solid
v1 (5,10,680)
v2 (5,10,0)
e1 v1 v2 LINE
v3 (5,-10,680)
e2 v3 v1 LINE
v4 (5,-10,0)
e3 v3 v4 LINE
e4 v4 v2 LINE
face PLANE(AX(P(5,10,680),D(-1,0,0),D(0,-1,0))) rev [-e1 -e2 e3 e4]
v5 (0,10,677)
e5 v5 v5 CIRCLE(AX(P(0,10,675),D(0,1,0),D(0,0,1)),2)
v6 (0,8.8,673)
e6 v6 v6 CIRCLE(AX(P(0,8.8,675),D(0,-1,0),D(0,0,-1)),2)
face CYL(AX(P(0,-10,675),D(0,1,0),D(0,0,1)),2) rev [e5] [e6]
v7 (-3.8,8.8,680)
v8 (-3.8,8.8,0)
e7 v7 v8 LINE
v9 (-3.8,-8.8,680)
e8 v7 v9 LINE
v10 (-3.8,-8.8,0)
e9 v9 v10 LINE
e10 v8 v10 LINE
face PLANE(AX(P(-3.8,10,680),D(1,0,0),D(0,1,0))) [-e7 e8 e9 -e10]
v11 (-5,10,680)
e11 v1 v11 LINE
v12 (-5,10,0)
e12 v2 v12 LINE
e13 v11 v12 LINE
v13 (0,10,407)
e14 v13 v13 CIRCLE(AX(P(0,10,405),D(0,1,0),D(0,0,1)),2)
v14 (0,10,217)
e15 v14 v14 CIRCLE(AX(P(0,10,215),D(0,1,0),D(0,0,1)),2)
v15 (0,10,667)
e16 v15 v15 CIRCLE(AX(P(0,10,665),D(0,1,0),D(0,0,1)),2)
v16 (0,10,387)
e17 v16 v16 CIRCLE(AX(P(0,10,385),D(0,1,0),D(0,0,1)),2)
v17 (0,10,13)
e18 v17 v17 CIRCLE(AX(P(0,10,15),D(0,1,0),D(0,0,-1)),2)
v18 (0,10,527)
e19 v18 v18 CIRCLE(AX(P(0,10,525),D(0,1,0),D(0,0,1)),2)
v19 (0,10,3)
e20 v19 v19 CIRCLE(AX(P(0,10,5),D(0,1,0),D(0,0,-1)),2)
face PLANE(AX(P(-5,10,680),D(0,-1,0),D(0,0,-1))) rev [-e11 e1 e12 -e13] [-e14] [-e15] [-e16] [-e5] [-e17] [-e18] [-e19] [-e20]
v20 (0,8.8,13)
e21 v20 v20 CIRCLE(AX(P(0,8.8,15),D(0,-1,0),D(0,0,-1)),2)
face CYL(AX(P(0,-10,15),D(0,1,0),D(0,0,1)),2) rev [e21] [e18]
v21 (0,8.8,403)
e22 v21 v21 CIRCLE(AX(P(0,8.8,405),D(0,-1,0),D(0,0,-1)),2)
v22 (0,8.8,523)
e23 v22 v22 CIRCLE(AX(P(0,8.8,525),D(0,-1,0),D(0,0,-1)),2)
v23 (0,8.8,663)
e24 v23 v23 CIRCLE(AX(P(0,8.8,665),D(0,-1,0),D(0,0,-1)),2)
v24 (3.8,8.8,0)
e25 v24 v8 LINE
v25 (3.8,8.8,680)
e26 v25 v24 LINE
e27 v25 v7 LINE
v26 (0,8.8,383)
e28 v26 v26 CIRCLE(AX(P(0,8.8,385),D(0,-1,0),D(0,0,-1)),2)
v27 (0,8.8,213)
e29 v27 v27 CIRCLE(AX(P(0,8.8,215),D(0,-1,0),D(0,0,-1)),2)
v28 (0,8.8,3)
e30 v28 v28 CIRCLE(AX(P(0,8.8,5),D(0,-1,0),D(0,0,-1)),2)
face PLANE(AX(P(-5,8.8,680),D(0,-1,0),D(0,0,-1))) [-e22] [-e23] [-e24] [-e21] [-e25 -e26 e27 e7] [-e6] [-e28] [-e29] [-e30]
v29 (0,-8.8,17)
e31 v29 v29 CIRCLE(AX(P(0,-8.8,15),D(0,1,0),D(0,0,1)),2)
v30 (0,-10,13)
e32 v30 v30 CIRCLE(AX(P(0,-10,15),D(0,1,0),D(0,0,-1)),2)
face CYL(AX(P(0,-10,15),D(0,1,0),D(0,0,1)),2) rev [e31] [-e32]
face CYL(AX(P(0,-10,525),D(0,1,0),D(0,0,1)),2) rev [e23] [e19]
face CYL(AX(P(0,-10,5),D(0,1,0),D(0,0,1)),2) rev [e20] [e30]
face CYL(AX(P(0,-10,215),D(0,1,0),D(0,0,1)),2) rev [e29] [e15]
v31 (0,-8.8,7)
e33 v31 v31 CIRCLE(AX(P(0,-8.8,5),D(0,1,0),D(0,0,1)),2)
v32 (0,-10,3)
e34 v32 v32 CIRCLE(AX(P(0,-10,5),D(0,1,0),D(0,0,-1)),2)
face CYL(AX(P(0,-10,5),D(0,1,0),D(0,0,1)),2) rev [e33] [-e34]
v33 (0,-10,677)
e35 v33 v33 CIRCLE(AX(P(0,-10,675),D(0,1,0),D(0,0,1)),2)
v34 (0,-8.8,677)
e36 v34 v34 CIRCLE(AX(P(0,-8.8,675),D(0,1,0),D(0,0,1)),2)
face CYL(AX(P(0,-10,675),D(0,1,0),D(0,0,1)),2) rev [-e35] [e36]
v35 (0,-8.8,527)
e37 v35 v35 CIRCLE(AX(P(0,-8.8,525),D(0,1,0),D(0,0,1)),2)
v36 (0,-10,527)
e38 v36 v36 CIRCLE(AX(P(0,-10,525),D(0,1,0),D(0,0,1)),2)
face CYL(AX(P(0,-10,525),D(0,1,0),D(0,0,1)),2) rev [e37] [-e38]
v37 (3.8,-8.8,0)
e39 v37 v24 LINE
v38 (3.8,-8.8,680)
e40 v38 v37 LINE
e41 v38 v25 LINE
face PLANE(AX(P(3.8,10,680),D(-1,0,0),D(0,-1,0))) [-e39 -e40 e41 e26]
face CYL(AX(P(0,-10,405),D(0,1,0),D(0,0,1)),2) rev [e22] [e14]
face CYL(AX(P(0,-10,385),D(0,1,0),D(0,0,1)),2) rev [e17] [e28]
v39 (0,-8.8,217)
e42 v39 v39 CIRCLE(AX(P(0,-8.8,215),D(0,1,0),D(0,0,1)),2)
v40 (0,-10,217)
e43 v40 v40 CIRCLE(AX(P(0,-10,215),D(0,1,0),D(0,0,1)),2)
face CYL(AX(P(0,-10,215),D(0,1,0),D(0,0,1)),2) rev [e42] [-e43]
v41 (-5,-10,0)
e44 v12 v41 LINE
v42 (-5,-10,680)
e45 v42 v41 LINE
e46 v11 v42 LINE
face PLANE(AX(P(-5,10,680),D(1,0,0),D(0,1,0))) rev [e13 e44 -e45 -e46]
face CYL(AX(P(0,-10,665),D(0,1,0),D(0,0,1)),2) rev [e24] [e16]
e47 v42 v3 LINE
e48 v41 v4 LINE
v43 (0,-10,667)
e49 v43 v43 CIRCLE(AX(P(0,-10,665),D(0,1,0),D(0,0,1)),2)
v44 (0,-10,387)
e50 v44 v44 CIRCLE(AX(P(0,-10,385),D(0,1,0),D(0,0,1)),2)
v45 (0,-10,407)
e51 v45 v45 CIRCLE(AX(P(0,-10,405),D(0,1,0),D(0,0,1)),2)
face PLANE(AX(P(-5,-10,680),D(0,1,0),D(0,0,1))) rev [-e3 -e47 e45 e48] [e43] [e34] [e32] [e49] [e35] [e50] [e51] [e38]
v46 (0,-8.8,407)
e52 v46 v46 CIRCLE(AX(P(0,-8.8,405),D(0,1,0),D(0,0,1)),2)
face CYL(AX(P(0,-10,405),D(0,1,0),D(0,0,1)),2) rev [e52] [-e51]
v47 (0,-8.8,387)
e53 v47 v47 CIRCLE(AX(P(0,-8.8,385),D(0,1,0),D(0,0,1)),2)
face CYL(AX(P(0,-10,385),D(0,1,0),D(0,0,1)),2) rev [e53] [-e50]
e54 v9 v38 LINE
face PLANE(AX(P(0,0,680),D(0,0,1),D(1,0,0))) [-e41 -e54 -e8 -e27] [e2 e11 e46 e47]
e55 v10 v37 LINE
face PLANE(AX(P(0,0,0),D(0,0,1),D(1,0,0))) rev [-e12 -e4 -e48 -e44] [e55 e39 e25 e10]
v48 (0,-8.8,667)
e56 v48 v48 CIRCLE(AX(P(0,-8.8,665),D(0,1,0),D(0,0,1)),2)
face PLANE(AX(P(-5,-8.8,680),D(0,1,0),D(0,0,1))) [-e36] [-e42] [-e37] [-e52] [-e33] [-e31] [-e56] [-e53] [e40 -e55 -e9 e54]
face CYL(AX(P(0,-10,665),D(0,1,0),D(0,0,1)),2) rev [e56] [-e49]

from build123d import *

# Parameters (mm, degrees)
SKETCH_1_W          = 10
SKETCH_1_H          = 20
SKETCH_1_W_2        = 7.6
SKETCH_1_H_2        = 17.6
EXTRUDE_1_DEPTH     = 680
SKETCH_2_R          = 2
CUT_EXTRUDE_1_DEPTH = 681.312428227


with BuildPart() as part:
    # ｽｹｯﾁ1 → 押し出し-薄板1 (new body)
    with BuildSketch(Plane.XY):
        Rectangle(SKETCH_1_W, SKETCH_1_H)
        Rectangle(SKETCH_1_W_2, SKETCH_1_H_2, mode=Mode.SUBTRACT)
    extrude(amount=EXTRUDE_1_DEPTH)

    # ｽｹｯﾁ2 → ｶｯﾄ - 押し出し1 (cut, through all)
    with BuildSketch(Plane(origin=(0, 10, 0), x_dir=(1, 0, 0), z_dir=(0, 1, 0))):
        with Locations(Location((0, -665, 0), (0, 0, 270))):
            Circle(SKETCH_2_R)
        with Locations(Location((0, -675, 0), (0, 0, 270))):
            Circle(SKETCH_2_R)
        with Locations(Location((0, -5, 0), (0, 0, 270))):
            Circle(SKETCH_2_R)
        with Locations(Location((0, -15, 0), (0, 0, 270))):
            Circle(SKETCH_2_R)
        with Locations(Location((0, -525, 0), (0, 0, 270))):
            Circle(SKETCH_2_R)
        with Locations(Location((0, -405, 0), (0, 0, 270))):
            Circle(SKETCH_2_R)
        with Locations(Location((0, -215, 0), (0, 0, 270))):
            Circle(SKETCH_2_R)
        with Locations(Location((0, -385, 0), (0, 0, 270))):
            Circle(SKETCH_2_R)
    extrude(amount=-CUT_EXTRUDE_1_DEPTH, mode=Mode.SUBTRACT)


solid = part.part
